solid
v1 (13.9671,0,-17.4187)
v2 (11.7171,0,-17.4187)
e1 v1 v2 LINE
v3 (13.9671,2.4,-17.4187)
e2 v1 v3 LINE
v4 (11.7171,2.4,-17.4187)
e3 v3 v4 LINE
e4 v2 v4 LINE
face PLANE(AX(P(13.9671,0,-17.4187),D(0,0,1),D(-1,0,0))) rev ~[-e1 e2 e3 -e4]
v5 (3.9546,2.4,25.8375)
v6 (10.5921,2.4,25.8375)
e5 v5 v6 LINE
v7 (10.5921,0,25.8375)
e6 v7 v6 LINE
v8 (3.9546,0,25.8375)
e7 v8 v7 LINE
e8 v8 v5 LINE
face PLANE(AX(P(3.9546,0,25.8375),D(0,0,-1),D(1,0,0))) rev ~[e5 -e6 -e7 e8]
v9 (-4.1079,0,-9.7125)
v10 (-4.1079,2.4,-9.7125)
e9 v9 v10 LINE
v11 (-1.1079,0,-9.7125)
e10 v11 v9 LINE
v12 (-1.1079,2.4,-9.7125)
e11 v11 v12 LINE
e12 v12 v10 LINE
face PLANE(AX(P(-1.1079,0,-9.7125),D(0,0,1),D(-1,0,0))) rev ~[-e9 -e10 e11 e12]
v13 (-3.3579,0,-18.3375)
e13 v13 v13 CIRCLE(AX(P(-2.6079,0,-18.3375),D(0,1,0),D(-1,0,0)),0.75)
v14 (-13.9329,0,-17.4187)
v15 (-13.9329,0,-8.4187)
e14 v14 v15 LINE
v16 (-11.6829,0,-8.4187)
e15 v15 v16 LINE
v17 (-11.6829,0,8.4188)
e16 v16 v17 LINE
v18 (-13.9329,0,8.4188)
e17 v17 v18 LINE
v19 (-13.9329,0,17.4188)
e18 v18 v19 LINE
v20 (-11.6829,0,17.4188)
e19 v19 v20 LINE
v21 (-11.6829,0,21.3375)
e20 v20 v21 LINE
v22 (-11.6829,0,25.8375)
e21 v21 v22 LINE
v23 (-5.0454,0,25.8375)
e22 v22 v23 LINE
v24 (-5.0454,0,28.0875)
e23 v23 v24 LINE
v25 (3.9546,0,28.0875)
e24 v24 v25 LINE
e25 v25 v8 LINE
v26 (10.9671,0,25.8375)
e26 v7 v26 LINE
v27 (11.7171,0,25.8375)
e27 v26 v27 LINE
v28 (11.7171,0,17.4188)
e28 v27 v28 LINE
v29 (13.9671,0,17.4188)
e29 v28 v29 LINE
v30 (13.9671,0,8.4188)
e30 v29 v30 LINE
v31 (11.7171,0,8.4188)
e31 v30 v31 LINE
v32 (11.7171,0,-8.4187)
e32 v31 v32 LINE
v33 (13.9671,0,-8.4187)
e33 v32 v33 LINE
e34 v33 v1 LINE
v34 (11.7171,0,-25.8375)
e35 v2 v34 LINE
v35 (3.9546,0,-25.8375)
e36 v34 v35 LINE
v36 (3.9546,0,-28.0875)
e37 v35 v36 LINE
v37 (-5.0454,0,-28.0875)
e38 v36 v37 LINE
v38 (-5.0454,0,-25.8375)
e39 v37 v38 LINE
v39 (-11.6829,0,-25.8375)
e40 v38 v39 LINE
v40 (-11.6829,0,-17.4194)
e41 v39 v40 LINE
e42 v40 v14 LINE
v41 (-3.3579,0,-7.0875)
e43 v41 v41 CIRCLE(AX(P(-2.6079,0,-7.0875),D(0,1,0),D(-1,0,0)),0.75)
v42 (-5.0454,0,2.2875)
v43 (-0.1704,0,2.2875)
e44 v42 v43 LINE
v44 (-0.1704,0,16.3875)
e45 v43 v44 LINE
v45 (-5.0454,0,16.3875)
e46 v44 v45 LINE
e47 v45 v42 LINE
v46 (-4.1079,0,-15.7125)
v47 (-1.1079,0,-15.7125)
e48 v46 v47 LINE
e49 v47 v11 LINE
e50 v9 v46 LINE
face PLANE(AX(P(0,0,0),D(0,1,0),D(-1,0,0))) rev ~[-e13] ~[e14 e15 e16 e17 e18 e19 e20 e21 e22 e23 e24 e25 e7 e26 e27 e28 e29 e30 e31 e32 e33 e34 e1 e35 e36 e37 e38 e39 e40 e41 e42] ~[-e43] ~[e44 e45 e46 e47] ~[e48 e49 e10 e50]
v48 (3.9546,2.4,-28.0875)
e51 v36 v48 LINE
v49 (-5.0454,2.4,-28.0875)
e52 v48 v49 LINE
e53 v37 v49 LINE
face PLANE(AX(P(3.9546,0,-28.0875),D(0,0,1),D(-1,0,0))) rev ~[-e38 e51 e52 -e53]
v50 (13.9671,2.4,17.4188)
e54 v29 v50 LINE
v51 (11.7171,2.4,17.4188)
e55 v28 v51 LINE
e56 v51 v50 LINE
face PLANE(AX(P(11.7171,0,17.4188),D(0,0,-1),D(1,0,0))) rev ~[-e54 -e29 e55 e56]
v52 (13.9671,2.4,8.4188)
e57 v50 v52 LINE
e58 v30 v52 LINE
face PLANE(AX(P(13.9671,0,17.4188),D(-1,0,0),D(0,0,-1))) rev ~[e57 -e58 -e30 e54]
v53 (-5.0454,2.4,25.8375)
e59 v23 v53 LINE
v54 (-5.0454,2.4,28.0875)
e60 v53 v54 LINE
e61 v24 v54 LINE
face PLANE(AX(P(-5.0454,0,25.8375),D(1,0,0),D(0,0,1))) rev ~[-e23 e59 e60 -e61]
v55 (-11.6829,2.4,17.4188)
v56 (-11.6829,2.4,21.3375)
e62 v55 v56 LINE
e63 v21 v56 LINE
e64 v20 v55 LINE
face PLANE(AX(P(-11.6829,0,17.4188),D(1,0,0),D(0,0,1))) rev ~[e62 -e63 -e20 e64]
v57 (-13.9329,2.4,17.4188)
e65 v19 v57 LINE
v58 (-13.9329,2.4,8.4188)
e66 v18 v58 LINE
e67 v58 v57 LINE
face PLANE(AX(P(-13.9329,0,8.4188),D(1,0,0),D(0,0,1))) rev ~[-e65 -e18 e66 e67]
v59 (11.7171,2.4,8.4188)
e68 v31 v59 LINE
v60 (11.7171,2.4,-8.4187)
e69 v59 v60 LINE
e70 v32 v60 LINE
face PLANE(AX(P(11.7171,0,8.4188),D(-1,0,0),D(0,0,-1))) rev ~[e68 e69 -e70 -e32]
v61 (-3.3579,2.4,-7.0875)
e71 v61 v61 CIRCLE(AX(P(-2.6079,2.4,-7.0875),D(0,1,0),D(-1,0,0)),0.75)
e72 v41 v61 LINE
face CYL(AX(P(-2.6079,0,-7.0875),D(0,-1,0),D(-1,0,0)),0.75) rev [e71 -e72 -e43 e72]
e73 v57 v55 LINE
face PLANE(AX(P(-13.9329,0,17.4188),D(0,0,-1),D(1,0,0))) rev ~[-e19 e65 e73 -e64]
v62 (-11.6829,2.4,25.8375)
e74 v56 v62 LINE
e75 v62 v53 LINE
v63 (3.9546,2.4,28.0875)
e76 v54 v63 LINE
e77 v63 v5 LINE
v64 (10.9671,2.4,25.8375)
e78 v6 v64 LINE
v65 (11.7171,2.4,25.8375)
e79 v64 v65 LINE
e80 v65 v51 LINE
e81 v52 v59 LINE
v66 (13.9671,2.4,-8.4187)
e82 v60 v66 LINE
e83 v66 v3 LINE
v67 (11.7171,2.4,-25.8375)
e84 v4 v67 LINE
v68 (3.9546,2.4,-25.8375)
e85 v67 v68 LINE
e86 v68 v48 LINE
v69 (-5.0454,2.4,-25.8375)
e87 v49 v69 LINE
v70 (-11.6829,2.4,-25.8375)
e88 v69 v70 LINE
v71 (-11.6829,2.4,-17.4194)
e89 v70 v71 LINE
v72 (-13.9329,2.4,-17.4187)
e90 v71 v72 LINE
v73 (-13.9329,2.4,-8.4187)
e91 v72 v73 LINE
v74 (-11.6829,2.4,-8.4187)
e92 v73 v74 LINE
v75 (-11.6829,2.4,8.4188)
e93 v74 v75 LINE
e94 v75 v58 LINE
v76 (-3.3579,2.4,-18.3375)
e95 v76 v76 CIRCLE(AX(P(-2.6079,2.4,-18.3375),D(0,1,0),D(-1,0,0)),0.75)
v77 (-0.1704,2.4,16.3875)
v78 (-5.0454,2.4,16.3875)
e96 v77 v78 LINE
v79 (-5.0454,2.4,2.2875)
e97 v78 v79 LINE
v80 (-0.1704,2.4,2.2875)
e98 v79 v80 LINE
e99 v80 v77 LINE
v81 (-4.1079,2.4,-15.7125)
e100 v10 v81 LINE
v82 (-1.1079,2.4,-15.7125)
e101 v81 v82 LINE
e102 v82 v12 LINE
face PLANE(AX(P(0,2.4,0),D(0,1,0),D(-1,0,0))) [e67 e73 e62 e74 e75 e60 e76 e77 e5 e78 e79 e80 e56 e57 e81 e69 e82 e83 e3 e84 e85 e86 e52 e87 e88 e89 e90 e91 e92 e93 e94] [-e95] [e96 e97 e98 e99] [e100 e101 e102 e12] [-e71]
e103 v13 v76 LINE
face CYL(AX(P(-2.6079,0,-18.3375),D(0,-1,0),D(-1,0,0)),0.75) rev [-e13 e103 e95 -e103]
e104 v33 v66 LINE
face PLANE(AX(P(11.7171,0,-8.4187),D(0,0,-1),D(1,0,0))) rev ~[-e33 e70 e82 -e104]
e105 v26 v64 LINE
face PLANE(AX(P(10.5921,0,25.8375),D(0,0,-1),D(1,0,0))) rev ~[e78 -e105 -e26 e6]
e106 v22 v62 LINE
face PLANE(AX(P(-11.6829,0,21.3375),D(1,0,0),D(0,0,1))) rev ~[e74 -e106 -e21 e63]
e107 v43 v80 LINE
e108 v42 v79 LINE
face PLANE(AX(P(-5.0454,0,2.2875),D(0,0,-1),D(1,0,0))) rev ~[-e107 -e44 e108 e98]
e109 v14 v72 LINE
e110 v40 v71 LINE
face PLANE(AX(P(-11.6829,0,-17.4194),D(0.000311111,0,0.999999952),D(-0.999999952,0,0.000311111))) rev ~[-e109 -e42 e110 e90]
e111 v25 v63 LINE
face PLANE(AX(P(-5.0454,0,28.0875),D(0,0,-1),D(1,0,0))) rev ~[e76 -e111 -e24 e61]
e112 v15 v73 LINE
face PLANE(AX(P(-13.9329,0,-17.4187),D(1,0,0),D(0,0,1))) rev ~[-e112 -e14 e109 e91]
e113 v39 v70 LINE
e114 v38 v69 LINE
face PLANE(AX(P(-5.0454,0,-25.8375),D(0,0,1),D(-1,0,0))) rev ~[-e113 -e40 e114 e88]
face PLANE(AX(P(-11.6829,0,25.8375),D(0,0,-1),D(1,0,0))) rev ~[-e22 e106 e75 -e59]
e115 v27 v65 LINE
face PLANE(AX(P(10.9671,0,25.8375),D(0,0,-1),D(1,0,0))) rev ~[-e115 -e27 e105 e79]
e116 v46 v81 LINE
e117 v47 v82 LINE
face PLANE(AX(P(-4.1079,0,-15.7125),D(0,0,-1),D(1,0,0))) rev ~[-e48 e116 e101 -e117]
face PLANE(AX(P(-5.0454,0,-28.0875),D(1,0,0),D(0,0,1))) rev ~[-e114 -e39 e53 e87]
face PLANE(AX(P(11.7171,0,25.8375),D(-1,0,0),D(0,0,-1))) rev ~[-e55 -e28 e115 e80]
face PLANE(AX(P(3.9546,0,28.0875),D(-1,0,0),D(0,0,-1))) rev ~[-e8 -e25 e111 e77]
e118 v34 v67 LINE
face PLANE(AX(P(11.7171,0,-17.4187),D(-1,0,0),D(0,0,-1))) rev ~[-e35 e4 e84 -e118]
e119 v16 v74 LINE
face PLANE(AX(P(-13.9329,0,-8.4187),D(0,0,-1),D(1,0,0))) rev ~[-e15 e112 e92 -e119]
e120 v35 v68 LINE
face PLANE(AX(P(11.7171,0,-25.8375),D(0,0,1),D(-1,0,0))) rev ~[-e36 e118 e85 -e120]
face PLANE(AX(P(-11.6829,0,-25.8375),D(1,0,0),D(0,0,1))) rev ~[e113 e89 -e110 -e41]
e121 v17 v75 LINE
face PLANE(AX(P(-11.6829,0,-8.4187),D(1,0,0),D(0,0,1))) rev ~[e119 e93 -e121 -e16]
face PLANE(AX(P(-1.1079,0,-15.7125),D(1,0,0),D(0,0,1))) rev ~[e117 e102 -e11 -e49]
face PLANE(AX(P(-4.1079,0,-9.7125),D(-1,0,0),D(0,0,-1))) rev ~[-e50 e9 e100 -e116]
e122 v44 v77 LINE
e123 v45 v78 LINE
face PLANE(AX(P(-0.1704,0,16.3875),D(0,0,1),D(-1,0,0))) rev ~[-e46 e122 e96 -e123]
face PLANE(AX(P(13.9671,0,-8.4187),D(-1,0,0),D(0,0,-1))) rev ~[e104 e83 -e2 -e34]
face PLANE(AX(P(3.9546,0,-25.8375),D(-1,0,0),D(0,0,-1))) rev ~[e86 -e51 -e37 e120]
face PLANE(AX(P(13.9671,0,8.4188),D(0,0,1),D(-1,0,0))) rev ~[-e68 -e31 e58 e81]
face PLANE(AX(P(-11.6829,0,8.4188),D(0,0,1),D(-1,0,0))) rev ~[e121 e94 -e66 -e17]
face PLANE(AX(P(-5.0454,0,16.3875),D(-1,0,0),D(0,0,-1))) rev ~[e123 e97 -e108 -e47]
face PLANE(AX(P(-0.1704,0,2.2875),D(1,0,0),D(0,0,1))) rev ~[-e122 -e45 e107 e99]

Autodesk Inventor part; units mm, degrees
ref_plane "YZ Plane" through (0, 0, 0) normal (1, 0, 0) x (0, 1, 0)
ref_plane "XZ Plane" through (0, 0, 0) normal (0, 1, 0) x (-1, 0, 0)
ref_plane "XY Plane" through (0, 0, 0) normal (0, 0, 1) x (1, 0, 0)
sketch "Boceto1" plane through (0, 0, 0) normal (0, 1, 0) x (-1, 0, 0)
  line L0 (-11.7171, -8.4187) -> (-13.9671, -8.4187)
  line L1 (-13.9671, -8.4187) -> (-13.9671, -17.4187)
  line L2 (-13.9671, -17.4187) -> (-11.7171, -17.4187)
  line L3 (-11.7171, -17.4187) -> (-11.7171, -25.8375)
  line L4 (-11.7171, -25.8375) -> (-3.9546, -25.8375)
  line L5 (-3.9546, -25.8375) -> (-3.9546, -28.0875)
  line L6 (-3.9546, -28.0875) -> (5.0454, -28.0875)
  line L7 (5.0454, -28.0875) -> (5.0454, -25.8375)
  line L8 (5.0454, -25.8375) -> (11.6829, -25.8375)
  line L9 (11.6829, -25.8375) -> (11.6829, -17.4194)
  line L10 (11.6829, -17.4194) -> (13.9329, -17.4187)
  line L11 (13.9329, -17.4187) -> (13.9329, -8.4187)
  line L12 (13.9329, -8.4187) -> (11.6829, -8.4187)
  line L13 (11.6829, -8.4187) -> (11.6829, 8.4188)
  line L14 (11.6829, 8.4188) -> (13.9329, 8.4188)
  line L15 (13.9329, 8.4188) -> (13.9329, 17.4188)
  line L16 (13.9329, 17.4188) -> (11.6829, 17.4188)
  line L17 (11.6829, 17.4188) -> (11.6829, 21.3375)
  line L18 (11.6829, 21.3375) -> (11.6829, 25.8375)
  line L19 (11.6829, 25.8375) -> (5.0454, 25.8375)
  line L20 (5.0454, 25.8375) -> (5.0454, 28.0875)
  line L21 (5.0454, 28.0875) -> (-3.9546, 28.0875)
  line L22 (-3.9546, 28.0875) -> (-3.9546, 25.8375)
  line L23 (-3.9546, 25.8375) -> (-10.5921, 25.8375)
  line L24 (-10.5921, 25.8375) -> (-10.9671, 25.8375)
  line L25 (-10.9671, 25.8375) -> (-11.7171, 25.8375)
  line L26 (-11.7171, 25.8375) -> (-11.7171, 17.4188)
  line L27 (-11.7171, 17.4188) -> (-13.9671, 17.4188)
  line L28 (-13.9671, 17.4188) -> (-13.9671, 8.4188)
  line L29 (-13.9671, 8.4188) -> (-11.7171, 8.4188)
  line L30 (-11.7171, 8.4188) -> (-11.7171, -8.4187)
  line L31 (4.1079, -15.7125) -> (1.1079, -15.7125)
  line L32 (1.1079, -15.7125) -> (1.1079, -9.7125)
  line L33 (1.1079, -9.7125) -> (4.1079, -9.7125)
  line L34 (4.1079, -9.7125) -> (4.1079, -15.7125)
  line L35 (0.1704, 2.2875) -> (0.1704, 16.3875)
  line L36 (0.1704, 16.3875) -> (5.0454, 16.3875)
  line L37 (5.0454, 16.3875) -> (5.0454, 2.2875)
  line L38 (5.0454, 2.2875) -> (0.1704, 2.2875)
  circle A0 centre (2.6079, -7.0875) radius 0.75
  circle A1 centre (2.6079, -18.3375) radius 0.75
  point P0 (0, 0)
extrude "Extrusión1" add sketch "Boceto1" along normal blind 2.4
properties part number "costat4"
